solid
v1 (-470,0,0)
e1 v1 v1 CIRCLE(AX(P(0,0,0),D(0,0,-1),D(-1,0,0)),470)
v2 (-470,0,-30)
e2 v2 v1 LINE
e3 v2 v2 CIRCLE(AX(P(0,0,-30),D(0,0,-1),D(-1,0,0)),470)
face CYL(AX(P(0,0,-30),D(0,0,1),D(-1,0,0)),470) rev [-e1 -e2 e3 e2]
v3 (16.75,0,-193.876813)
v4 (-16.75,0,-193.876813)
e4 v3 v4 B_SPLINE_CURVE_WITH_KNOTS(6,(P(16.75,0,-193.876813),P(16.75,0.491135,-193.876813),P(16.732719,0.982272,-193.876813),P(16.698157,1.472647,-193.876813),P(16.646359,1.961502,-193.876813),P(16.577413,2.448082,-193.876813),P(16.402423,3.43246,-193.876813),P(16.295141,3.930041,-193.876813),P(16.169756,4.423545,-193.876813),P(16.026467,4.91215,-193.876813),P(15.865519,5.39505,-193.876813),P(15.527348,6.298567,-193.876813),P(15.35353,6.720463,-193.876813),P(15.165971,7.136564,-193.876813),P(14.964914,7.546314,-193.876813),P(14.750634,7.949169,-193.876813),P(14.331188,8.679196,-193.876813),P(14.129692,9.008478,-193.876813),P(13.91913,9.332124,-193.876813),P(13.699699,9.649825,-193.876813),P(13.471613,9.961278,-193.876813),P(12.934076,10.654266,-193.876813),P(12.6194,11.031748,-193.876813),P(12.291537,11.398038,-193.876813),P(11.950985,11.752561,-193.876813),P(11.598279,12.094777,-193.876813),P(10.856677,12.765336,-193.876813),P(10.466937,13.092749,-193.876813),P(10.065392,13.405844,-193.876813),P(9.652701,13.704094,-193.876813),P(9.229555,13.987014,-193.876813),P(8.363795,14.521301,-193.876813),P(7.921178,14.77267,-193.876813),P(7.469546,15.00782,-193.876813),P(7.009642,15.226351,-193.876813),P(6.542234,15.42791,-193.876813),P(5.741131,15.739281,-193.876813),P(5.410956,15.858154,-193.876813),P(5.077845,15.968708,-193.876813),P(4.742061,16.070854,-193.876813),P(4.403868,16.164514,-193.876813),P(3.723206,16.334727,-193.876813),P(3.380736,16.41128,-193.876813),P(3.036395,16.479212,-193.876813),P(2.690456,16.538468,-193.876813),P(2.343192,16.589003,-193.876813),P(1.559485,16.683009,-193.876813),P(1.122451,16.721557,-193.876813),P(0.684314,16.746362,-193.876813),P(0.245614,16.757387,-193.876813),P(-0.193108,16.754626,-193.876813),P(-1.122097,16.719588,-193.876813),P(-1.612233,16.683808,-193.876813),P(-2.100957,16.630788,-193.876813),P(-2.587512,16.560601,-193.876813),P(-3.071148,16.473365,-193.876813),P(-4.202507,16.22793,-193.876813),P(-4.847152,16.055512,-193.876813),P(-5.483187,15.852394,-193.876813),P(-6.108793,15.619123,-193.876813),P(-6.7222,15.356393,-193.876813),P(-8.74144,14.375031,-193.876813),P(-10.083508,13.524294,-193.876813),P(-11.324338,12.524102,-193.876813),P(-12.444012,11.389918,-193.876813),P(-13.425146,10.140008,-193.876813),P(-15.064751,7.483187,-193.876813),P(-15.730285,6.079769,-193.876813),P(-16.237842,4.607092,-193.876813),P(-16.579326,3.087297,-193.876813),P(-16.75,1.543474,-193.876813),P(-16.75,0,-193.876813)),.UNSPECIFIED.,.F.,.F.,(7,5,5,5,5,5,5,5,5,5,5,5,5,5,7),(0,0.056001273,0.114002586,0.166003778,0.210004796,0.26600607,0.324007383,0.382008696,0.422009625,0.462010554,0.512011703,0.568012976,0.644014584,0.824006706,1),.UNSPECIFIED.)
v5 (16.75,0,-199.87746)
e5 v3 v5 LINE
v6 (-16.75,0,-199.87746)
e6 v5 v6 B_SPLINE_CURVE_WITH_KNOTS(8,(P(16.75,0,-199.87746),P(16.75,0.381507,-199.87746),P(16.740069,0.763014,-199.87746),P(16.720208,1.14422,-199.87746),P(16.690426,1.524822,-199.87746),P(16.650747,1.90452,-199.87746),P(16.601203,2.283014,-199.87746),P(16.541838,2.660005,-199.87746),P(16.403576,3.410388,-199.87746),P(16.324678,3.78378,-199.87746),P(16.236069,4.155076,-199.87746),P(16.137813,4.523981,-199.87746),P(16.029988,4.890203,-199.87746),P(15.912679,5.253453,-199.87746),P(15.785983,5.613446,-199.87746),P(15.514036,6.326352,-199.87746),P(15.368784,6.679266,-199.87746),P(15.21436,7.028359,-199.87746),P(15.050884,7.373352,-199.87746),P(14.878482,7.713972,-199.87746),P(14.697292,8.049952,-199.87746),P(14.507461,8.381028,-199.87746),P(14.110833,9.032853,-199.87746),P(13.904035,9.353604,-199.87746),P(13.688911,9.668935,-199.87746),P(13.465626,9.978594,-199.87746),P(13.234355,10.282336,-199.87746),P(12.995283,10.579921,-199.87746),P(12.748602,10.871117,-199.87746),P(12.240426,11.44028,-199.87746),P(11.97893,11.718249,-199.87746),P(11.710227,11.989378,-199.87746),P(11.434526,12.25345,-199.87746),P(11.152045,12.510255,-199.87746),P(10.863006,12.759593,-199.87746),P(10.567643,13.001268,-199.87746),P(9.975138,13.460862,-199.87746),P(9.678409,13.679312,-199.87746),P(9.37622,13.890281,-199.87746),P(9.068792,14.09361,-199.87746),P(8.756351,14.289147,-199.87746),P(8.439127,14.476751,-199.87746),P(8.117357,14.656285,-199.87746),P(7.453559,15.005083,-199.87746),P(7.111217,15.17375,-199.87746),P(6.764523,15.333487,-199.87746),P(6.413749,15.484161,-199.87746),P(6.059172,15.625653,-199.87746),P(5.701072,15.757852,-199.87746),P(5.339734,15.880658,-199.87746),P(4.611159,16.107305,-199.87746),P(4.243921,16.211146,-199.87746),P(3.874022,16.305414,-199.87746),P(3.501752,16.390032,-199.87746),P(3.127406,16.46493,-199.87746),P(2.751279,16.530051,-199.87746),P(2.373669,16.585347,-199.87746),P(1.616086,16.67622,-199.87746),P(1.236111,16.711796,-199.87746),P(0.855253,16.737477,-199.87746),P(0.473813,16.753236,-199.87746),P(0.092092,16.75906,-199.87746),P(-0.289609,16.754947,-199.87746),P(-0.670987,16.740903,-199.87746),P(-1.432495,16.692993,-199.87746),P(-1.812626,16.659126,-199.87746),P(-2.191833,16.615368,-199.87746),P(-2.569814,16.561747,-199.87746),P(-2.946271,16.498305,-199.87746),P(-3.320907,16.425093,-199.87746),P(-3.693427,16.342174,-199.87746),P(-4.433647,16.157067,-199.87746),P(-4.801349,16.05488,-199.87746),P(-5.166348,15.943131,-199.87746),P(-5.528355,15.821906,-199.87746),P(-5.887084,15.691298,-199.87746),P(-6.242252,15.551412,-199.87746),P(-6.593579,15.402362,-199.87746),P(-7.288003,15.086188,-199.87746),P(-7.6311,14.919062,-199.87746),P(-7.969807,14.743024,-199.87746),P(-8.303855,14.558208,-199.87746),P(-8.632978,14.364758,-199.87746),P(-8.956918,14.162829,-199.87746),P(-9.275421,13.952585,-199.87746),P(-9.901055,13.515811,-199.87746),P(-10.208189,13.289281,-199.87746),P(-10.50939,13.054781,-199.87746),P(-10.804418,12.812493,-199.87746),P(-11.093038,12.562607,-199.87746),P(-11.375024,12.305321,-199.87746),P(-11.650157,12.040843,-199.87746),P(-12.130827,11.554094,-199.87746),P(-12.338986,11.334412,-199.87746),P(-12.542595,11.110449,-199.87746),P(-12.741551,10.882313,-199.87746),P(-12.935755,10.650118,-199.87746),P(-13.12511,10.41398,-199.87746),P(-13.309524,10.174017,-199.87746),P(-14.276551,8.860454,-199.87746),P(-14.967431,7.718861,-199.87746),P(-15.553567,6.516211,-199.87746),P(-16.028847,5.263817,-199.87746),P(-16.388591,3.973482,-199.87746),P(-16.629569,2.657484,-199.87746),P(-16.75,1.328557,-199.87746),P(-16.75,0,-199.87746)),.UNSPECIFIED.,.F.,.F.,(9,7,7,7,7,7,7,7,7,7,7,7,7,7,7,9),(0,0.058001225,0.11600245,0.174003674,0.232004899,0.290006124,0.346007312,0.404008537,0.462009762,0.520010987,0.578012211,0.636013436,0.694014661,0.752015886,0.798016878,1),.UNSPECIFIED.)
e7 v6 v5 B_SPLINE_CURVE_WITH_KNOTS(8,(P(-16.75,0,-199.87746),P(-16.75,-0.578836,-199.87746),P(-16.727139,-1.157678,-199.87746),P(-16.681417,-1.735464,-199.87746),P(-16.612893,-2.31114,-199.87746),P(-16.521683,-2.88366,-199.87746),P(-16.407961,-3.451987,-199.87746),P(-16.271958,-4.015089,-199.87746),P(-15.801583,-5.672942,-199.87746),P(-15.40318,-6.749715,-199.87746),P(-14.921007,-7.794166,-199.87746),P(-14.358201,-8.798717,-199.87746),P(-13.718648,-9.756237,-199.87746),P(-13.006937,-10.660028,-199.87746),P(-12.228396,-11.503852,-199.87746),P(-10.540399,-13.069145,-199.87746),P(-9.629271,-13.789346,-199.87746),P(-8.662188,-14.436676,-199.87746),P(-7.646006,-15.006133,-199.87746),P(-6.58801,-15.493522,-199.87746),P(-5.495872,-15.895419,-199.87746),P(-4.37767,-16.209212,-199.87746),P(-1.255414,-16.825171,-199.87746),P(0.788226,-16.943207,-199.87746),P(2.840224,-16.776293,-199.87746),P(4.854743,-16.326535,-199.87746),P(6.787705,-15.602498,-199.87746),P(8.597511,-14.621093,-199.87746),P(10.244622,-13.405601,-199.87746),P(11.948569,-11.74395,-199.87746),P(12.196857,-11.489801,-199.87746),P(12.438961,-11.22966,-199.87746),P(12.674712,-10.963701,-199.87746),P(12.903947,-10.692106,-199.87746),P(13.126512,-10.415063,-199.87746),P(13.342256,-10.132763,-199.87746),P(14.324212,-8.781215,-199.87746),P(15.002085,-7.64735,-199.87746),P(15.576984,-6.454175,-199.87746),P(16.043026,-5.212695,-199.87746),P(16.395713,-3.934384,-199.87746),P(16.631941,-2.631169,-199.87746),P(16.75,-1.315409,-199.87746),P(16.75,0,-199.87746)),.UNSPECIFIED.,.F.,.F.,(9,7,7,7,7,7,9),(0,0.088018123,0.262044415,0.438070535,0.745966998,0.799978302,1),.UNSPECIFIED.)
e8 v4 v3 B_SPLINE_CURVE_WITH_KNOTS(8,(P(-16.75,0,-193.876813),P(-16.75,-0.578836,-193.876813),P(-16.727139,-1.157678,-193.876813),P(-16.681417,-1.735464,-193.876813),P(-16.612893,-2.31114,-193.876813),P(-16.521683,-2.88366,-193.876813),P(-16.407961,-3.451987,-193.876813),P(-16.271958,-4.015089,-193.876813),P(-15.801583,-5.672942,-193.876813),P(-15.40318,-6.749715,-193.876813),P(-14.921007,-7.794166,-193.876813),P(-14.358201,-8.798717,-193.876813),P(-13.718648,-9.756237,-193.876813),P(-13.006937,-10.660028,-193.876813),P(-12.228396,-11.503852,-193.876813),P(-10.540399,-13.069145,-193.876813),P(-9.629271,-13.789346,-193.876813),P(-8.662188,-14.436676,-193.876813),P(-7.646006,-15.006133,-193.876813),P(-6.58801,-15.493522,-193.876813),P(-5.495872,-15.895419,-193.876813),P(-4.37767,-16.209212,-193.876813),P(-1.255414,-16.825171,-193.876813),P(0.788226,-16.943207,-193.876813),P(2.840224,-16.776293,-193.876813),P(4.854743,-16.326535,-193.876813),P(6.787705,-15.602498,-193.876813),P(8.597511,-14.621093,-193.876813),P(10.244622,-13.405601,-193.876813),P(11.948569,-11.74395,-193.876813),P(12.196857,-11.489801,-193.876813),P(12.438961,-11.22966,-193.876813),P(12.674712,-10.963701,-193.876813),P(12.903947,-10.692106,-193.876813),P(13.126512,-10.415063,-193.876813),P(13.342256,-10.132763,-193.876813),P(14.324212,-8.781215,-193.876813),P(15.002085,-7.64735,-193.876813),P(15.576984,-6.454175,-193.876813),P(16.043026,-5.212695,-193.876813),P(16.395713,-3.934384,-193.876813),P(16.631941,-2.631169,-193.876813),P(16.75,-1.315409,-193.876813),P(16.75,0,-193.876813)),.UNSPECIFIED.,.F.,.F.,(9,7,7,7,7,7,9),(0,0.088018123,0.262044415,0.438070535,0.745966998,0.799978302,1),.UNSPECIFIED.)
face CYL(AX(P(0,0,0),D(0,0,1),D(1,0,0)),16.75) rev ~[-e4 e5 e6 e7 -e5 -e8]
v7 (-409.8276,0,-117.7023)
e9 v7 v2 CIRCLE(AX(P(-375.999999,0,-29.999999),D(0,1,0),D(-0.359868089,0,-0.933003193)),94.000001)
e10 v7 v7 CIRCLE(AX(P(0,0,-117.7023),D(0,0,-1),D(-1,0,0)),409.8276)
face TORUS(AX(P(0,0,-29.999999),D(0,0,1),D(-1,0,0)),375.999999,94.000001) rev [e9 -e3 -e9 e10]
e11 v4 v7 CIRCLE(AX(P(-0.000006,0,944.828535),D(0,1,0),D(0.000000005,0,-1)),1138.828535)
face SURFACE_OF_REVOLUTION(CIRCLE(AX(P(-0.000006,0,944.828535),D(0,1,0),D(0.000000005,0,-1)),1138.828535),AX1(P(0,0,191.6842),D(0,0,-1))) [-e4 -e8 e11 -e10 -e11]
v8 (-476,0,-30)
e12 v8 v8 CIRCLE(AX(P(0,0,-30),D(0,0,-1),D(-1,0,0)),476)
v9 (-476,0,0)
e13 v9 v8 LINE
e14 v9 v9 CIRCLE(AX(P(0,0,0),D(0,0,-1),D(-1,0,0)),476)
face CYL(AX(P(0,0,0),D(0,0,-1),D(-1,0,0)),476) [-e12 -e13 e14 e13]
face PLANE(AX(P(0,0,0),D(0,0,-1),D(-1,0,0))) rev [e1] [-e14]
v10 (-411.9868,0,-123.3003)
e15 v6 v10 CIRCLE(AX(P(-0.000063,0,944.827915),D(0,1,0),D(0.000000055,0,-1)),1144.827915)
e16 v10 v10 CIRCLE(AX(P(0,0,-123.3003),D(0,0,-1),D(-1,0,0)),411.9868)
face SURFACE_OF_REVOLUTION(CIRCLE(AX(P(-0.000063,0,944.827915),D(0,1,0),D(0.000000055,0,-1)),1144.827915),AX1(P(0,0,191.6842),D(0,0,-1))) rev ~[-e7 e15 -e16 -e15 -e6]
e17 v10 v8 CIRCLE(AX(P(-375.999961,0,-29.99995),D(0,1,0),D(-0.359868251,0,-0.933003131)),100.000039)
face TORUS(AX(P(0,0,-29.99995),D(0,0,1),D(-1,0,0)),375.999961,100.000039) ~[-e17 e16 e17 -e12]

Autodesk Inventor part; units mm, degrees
ref_plane "YZ Plane" through (0, 0, 0) normal (1, 0, 0) x (0, 1, 0)
ref_plane "XZ Plane" through (0, 0, 0) normal (0, 1, 0) x (-1, 0, 0)
ref_plane "XY Plane" through (0, 0, 0) normal (0, 0, 1) x (1, 0, 0)
sketch "Sketch1" plane through (0, 0, 0) normal (0, 1, 0) x (-1, 0, 0)
  line L0 (476, 0) -> (476, -30)
  arc A0 (411.9868, -123.3003) -> (476, -30) centre (376, -30) ccw
  arc A1 (0, -200) -> (411.9868, -123.3003) centre (0, 944.8286) ccw
  line L1 (0, 191.6842) -> (0, -191.6842)
  arc A2 (0, -194) -> (409.8276, -117.7023) centre (0, 944.8286) ccw
  arc A3 (409.8276, -117.7023) -> (470, -30) centre (376, -30) ccw
  line L2 (470, -30) -> (470, 0)
  line L3 (470, 0) -> (476, 0)
  line L4 (0, -194) -> (0, -200)
  point P0 (0, 0)
  point P1 (0, 0)
  point P2 (0, -197)
  point P3 (0, -163.7009)
  point P4 (0, -169.7009)
  dimension "d0" = 100
  dimension "d1" = 30
  dimension "d3" = 1144.8286
  dimension "d6" = 6
  dimension "d11" = 940
  dimension "d12" = 200
revolve "Revolution1" add sketch "Sketch1" angle 360 about axis through (0, 0, 191.6842) along (0, 0, -1)
sketch "Sketch2" plane through (0, 0, 0) normal (0, 0, 1) x (1, 0, 0)
  circle A0 centre (0, 0) radius 16.75
  dimension "d8" = 33.5
extrude "Extrusion1" cut sketch "Sketch2" against normal through all
equation "\"d11\" = MAIN_filter_diam"
equation "\"MAIN_filter_diam\" = 940"
equation "\"Disherd_head_hight\" = d12"
properties part number "PRS 8104 dished head_940"
